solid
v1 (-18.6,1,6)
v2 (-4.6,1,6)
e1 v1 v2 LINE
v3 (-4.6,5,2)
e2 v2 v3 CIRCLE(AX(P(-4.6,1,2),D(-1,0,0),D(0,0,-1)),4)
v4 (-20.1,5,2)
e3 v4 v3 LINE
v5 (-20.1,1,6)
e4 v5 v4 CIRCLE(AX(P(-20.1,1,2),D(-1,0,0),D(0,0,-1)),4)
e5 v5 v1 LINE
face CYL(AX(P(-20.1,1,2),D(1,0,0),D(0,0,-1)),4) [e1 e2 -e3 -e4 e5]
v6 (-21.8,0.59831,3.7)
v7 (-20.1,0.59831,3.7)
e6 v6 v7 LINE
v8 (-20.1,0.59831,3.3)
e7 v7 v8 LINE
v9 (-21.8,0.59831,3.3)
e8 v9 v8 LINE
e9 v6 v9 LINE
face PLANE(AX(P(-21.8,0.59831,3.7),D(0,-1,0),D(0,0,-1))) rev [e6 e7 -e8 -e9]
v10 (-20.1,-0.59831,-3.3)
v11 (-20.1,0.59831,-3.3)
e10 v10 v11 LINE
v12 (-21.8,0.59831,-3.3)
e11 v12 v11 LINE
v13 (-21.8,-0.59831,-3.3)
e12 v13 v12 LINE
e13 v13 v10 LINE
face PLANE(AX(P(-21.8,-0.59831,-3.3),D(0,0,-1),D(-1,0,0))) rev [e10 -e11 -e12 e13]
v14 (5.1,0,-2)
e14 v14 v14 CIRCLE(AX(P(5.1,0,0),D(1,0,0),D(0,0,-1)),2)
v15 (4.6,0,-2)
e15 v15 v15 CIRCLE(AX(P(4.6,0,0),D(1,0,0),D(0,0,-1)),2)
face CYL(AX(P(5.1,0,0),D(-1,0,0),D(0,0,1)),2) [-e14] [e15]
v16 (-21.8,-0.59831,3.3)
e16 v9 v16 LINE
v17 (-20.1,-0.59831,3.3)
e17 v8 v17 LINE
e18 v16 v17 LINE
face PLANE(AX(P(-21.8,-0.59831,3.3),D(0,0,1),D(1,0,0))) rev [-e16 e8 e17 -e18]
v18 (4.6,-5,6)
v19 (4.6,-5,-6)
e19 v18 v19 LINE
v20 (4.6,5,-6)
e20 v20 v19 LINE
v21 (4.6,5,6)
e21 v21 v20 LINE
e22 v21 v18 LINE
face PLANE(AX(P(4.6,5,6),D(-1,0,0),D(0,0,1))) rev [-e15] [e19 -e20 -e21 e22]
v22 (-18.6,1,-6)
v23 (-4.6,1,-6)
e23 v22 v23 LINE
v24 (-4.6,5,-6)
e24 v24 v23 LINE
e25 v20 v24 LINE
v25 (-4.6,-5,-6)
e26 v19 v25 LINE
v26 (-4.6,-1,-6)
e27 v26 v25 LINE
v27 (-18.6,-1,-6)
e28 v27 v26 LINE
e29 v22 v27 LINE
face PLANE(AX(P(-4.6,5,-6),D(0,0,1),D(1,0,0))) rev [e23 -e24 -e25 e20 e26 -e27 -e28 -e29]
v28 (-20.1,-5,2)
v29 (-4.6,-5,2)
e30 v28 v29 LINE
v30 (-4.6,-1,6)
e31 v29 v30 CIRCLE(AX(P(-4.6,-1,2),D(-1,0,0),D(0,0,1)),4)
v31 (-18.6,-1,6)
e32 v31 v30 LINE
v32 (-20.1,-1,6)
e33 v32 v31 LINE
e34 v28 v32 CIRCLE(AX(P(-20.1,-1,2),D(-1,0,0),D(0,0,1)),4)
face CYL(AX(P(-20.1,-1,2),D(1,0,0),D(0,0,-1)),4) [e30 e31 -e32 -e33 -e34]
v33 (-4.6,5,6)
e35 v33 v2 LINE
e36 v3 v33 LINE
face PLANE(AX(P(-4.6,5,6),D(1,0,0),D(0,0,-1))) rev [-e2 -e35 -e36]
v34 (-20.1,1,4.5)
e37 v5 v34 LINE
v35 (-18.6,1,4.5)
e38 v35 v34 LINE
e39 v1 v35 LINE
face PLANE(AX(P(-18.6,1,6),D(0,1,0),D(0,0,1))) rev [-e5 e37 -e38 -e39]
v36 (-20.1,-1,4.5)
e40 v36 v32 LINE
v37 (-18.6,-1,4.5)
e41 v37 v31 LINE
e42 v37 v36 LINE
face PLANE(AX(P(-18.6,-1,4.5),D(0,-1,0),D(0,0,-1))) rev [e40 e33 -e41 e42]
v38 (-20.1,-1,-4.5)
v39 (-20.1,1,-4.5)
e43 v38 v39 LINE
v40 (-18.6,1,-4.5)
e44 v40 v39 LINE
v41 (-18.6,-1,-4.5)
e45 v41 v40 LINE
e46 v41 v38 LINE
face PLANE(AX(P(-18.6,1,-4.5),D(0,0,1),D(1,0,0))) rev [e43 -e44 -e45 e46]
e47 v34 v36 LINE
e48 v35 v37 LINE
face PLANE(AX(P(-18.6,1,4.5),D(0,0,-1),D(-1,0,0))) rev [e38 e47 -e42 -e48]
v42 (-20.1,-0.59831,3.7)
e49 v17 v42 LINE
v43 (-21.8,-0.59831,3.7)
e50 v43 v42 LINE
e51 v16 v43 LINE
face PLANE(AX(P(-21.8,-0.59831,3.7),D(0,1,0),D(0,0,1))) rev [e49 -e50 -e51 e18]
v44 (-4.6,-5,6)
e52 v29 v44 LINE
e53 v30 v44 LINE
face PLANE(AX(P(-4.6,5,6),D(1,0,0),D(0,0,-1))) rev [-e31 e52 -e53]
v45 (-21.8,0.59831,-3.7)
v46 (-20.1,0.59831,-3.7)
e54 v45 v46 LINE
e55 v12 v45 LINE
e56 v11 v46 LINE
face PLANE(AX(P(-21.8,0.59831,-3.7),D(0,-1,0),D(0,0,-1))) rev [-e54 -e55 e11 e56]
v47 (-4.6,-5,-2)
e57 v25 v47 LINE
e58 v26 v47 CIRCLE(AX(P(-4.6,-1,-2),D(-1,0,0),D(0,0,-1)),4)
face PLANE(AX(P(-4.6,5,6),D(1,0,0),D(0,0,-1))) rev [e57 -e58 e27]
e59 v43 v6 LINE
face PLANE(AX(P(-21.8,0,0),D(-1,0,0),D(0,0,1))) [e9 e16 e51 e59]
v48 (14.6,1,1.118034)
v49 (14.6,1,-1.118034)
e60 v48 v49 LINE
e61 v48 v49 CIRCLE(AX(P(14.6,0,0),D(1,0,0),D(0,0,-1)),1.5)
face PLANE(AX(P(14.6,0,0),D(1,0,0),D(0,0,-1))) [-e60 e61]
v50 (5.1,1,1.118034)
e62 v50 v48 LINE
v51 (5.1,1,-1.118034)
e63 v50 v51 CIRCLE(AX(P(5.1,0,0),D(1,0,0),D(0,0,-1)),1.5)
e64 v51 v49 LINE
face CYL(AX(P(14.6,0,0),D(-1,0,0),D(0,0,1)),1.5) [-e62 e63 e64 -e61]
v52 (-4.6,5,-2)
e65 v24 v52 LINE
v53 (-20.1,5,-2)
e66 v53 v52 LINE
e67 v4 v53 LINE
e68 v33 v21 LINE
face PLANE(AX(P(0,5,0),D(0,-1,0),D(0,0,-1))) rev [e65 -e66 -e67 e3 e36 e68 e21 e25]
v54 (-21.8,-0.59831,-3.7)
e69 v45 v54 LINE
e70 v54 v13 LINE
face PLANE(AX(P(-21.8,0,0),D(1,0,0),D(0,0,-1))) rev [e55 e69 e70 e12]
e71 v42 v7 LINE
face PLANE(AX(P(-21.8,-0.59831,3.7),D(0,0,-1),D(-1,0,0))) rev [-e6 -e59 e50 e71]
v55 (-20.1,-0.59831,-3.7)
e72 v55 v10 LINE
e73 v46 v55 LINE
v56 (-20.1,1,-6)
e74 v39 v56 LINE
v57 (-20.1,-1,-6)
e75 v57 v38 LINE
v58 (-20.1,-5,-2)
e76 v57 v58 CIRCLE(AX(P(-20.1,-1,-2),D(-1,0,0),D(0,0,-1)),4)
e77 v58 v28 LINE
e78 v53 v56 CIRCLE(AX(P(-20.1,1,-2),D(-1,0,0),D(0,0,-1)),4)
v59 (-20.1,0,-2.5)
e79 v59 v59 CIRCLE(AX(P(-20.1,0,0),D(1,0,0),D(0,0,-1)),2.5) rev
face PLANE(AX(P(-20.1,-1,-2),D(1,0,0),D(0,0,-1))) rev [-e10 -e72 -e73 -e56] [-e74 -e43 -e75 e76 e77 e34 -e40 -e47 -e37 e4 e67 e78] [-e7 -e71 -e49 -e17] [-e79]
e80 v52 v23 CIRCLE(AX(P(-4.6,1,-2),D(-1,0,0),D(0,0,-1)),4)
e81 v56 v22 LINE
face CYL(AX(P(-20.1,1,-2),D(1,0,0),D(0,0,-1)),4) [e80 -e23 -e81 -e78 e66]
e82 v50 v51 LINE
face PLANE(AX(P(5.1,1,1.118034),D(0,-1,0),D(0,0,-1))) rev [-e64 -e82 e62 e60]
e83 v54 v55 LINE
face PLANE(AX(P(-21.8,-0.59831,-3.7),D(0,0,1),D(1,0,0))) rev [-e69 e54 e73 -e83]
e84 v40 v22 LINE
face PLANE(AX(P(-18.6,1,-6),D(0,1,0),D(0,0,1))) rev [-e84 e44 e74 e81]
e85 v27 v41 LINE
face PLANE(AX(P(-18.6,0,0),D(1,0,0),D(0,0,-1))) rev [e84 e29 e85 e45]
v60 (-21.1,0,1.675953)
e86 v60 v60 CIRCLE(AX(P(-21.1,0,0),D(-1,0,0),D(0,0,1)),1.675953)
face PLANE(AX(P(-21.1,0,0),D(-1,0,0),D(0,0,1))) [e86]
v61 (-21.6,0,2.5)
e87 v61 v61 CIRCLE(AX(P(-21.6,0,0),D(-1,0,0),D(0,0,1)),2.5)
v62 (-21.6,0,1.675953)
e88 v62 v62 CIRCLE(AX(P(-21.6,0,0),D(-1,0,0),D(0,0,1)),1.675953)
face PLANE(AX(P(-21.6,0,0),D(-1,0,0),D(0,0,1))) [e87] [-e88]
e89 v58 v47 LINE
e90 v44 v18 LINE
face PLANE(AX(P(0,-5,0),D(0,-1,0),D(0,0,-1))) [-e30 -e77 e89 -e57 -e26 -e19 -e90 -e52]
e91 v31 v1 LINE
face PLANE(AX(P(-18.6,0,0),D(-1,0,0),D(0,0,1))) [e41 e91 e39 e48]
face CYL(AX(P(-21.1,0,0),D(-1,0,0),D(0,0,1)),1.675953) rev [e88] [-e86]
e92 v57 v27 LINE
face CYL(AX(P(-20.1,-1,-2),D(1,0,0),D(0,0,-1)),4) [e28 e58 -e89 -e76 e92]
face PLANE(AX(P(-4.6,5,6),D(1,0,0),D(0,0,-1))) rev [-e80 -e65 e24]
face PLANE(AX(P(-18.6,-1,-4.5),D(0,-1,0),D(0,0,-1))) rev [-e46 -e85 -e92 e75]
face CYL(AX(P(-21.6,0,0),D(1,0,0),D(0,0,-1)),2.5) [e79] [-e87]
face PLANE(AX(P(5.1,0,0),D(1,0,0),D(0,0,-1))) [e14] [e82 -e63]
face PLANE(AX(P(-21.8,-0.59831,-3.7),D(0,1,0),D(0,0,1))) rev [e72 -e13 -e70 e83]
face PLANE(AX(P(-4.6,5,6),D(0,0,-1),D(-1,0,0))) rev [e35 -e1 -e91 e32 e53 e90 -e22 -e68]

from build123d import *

# Parameters (mm, degrees)
SKETCH1_W           = 9.2
SKETCH1_H           = 12
BOSS_EXTRUDE1_DEPTH = 5
SKETCH3_R           = 2
BOSS_EXTRUDE2_DEPTH = 0.5
SKETCH4_R           = 1.5
BOSS_EXTRUDE3_DEPTH = 9.5
CUT_EXTRUDE1_DEPTH  = 9.5
BOSS_EXTRUDE4_DEPTH = 15.5
SKETCH8_W           = 1.5
SKETCH8_H           = 2
CUT_EXTRUDE2_DEPTH  = 1.5
SKETCH9_W           = 0.4
SKETCH9_H           = 1.196619736
BOSS_EXTRUDE5_DEPTH = 1.7
SKETCH10_R          = 2.5
BOSS_EXTRUDE6_DEPTH = 1.5
SKETCH11_R          = 1.675952799
CUT_EXTRUDE3_DEPTH  = 0.5


with BuildPart() as part:
    # Sketch1 → Boss-Extrude1 (new body, symmetric)
    with BuildSketch(Plane(origin=(0, 0, 0), x_dir=(1, 0, 0), z_dir=(0, 1, 0))):
        Rectangle(SKETCH1_W, SKETCH1_H)
    extrude(amount=BOSS_EXTRUDE1_DEPTH, both=True)

    # Sketch3 → Boss-Extrude2 (add)
    with BuildSketch(Plane(origin=(4.6, 0, 0), x_dir=(0, 0, -1), z_dir=(1, 0, 0))):
        Circle(SKETCH3_R)
    extrude(amount=BOSS_EXTRUDE2_DEPTH)

    # Sketch4 → Boss-Extrude3 (add)
    with BuildSketch(Plane(origin=(5.1, 0, 0), x_dir=(0, 0, -1), z_dir=(1, 0, 0))):
        Circle(SKETCH4_R)
    extrude(amount=BOSS_EXTRUDE3_DEPTH)

    # Sketch5 → Cut-Extrude1 (cut)
    with BuildSketch(Plane(origin=(14.6, 0, 0), x_dir=(0, 0, -1), z_dir=(1, 0, 0))):
        with BuildLine():
            Line((-1.118033989, 1), (1.118033989, 1))
            ThreePointArc((1.118033989, 1), (0, 1.5), (-1.118033989, 1))
        make_face()
    extrude(amount=-CUT_EXTRUDE1_DEPTH, mode=Mode.SUBTRACT)

    # Sketch7 → Boss-Extrude4 (add)
    with BuildSketch(Plane.ZY.offset(4.6)):
        with BuildLine():
            Line((-2, -5), (2, -5))
            ThreePointArc((2, -5), (4.828427125, -3.828427125), (6, -1))
            Line((6, -1), (6, 1))
            ThreePointArc((6, 1), (4.828427125, 3.828427125), (2, 5))
            Line((2, 5), (-2, 5))
            ThreePointArc((-2, 5), (-4.828427125, 3.828427125), (-6, 1))
            Line((-6, 1), (-6, -1))
            ThreePointArc((-6, -1), (-4.828427125, -3.828427125), (-2, -5))
        make_face()
    extrude(amount=BOSS_EXTRUDE4_DEPTH)

    # Sketch8 → Cut-Extrude2 (cut)
    with BuildSketch(Plane.ZY.offset(20.1)):
        with Locations((-5.25, 0)):
            Rectangle(SKETCH8_W, SKETCH8_H)
        with Locations((5.25, 0)):
            Rectangle(SKETCH8_W, SKETCH8_H)
    extrude(amount=-CUT_EXTRUDE2_DEPTH, mode=Mode.SUBTRACT)

    # Sketch9 → Boss-Extrude5 (add)
    with BuildSketch(Plane.ZY.offset(20.1)):
        with Locations((-3.5, 0)):
            Rectangle(SKETCH9_W, SKETCH9_H)
        with Locations((3.5, 0)):
            Rectangle(SKETCH9_W, SKETCH9_H)
    extrude(amount=BOSS_EXTRUDE5_DEPTH)

    # Sketch10 → Boss-Extrude6 (add)
    with BuildSketch(Plane.ZY.offset(20.1)):
        Circle(SKETCH10_R)
    extrude(amount=BOSS_EXTRUDE6_DEPTH)

    # Sketch11 → Cut-Extrude3 (cut)
    with BuildSketch(Plane.ZY.offset(21.6)):
        Circle(SKETCH11_R)
    extrude(amount=-CUT_EXTRUDE3_DEPTH, mode=Mode.SUBTRACT)


solid = part.part
